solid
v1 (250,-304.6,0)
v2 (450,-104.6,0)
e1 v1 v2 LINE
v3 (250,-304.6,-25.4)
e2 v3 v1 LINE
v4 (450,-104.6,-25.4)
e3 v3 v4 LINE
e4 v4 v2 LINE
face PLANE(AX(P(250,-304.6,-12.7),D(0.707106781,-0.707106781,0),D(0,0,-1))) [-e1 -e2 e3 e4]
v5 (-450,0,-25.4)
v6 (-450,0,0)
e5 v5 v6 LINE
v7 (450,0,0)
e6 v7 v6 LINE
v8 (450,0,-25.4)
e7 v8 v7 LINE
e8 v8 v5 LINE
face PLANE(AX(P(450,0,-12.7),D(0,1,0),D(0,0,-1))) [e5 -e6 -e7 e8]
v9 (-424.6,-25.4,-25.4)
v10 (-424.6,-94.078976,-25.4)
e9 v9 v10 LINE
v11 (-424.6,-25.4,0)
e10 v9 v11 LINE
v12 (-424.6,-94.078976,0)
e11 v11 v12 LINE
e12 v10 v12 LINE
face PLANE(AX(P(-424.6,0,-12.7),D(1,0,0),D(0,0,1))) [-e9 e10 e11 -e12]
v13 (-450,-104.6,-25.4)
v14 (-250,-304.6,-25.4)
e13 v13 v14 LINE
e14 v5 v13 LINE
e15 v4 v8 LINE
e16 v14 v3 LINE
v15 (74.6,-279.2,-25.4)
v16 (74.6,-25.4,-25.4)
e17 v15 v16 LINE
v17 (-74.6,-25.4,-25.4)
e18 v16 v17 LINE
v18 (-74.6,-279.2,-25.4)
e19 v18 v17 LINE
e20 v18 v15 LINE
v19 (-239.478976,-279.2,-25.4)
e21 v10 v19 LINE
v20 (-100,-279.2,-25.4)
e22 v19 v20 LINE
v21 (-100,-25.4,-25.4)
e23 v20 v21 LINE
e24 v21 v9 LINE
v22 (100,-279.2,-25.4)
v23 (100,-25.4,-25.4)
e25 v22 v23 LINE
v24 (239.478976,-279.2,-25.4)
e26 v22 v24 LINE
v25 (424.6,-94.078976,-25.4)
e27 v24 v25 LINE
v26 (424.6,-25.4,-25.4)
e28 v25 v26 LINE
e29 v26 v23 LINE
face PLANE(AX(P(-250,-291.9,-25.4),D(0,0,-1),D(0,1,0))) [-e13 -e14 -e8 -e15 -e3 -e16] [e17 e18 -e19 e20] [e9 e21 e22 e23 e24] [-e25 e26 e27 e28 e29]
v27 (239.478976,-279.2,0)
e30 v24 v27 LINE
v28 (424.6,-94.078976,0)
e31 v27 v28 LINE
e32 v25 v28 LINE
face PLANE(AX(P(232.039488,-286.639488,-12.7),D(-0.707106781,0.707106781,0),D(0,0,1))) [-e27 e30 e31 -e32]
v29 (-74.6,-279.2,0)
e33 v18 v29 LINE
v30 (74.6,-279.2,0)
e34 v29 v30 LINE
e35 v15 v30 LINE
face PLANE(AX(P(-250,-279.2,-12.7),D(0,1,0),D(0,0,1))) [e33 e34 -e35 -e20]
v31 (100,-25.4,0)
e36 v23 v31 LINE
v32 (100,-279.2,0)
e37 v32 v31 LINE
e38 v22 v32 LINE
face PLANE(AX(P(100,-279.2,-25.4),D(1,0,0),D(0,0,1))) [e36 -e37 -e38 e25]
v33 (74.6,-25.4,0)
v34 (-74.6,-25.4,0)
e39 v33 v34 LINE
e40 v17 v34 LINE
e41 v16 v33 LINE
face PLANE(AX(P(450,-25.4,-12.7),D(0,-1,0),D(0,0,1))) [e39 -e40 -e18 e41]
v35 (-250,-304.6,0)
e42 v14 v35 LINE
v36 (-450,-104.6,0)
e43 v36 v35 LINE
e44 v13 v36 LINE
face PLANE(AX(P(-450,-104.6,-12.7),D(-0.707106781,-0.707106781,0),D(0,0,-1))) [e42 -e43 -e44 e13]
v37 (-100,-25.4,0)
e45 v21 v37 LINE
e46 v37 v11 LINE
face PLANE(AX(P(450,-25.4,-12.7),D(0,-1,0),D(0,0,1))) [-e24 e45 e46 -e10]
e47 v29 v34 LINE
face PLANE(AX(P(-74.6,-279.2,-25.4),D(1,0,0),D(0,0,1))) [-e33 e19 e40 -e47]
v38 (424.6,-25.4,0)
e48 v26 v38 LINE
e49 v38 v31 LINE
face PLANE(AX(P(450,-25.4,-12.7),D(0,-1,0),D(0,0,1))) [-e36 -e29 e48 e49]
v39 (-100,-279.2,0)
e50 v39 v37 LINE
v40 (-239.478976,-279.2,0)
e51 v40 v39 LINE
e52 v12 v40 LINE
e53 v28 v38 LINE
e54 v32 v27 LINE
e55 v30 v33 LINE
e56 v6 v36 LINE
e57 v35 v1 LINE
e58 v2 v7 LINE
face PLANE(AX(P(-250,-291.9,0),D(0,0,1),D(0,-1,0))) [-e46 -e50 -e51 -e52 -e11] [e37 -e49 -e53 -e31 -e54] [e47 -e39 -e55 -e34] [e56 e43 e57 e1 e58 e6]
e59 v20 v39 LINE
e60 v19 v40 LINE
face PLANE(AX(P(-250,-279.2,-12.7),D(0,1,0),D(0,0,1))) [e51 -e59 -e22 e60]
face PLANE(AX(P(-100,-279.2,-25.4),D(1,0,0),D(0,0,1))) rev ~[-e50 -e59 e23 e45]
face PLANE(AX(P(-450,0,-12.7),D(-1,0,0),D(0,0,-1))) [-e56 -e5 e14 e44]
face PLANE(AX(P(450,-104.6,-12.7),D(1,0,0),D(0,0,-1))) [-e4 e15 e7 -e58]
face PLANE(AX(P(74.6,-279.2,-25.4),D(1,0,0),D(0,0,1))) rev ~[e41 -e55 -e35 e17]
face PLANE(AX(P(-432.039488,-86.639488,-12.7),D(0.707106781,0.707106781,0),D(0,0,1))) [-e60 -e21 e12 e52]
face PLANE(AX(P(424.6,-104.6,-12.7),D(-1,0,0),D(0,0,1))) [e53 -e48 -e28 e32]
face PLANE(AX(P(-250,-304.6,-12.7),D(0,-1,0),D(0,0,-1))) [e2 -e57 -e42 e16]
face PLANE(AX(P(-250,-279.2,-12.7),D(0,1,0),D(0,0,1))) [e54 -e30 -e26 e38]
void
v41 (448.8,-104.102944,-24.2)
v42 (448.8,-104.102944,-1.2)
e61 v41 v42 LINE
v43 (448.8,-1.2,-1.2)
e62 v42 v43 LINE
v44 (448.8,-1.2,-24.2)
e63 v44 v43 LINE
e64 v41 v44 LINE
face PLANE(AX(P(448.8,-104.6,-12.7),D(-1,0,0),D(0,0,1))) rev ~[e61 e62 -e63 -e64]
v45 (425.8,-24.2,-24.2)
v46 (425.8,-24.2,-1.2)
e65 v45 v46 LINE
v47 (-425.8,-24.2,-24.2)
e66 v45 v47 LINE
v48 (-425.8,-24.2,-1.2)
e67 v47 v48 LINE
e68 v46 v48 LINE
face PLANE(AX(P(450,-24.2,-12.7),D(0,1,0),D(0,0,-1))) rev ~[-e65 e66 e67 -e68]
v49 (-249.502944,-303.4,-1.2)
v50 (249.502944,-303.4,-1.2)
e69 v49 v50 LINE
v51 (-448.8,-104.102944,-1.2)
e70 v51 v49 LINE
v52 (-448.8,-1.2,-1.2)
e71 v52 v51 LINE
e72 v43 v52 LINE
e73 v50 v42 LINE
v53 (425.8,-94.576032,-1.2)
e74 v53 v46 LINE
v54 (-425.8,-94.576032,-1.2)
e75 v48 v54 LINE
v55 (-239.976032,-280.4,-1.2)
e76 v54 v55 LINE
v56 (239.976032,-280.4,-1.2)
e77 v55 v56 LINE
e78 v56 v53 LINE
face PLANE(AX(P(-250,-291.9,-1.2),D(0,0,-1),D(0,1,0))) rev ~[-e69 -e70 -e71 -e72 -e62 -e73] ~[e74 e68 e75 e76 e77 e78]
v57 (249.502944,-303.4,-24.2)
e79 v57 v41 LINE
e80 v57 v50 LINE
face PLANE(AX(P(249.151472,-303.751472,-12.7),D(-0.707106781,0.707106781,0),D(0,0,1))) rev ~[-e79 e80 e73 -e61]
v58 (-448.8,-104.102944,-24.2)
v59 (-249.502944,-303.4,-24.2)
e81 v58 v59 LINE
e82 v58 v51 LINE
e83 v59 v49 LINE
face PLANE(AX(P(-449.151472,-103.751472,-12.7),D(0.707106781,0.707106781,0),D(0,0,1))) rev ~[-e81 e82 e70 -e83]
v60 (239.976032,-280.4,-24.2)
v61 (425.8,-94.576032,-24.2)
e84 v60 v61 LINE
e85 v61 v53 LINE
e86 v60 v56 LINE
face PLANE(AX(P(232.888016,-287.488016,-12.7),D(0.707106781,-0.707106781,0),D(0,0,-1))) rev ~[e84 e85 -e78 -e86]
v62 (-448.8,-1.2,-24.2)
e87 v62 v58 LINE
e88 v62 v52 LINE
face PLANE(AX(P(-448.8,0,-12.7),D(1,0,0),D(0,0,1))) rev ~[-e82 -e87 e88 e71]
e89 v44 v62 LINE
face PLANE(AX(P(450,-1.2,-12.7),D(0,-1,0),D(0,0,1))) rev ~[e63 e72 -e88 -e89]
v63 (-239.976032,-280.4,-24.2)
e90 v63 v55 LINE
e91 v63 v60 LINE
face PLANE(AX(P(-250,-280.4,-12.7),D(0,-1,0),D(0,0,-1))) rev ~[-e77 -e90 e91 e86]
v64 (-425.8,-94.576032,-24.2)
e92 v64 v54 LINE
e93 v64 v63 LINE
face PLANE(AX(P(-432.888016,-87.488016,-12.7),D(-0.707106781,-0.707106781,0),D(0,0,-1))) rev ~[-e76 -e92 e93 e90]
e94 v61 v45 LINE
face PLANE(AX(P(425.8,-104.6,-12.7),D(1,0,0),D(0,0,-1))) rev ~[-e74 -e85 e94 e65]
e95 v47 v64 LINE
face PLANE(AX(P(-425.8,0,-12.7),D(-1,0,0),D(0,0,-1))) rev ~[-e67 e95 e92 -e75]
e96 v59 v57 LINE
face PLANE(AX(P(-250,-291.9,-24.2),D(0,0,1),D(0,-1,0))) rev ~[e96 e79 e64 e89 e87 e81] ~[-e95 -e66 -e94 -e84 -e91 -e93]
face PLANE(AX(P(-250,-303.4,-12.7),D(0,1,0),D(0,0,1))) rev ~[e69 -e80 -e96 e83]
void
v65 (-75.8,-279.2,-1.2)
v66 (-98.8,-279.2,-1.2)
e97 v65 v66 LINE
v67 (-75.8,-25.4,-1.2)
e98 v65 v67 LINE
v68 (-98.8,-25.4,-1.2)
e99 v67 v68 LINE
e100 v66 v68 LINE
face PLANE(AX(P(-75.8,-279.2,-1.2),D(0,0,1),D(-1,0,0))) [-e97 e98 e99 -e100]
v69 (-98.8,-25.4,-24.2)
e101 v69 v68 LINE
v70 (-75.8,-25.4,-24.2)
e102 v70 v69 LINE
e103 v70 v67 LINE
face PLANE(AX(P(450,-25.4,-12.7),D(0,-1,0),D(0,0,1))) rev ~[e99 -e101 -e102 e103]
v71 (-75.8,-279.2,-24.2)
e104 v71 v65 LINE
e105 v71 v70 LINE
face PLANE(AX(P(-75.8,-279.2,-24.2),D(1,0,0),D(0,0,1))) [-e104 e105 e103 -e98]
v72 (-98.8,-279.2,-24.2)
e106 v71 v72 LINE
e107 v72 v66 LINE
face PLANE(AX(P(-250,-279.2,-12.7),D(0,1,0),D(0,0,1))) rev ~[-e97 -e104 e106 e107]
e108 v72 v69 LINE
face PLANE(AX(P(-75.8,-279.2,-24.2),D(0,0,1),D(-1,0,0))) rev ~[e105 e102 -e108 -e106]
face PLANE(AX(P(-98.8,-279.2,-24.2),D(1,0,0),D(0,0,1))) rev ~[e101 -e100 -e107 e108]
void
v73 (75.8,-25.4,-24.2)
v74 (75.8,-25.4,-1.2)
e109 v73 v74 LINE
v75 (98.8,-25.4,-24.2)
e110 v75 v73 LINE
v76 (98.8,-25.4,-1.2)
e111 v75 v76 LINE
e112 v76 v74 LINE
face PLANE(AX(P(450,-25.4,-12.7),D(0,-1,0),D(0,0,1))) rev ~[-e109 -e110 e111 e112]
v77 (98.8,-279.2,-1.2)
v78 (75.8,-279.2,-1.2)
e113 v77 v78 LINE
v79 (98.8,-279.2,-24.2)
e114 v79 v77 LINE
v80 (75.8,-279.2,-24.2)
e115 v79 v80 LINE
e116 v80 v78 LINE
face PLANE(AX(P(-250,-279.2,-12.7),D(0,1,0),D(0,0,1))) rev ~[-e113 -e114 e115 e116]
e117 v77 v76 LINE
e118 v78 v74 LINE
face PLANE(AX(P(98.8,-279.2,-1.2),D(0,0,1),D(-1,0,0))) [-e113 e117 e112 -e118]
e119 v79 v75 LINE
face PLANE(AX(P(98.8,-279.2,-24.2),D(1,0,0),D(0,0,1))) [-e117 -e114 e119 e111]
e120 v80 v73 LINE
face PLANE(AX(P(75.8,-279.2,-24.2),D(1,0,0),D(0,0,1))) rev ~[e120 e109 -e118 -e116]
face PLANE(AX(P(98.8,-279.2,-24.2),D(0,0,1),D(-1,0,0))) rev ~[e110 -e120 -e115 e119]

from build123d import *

# Parameters (mm, degrees)
SKETCH4_W           = 25.4
SKETCH4_H           = 25.4
SKETCH4_W_2         = 23
SKETCH4_H_2         = 23
SKETCH5_W           = 25.4
SKETCH5_H           = 25.4
SKETCH5_W_2         = 23
SKETCH5_H_2         = 23
BOSS_EXTRUDE2_DEPTH = 253.8


with BuildPart() as part:
    # Sweep1: sweep along a path in Sketch3
    with BuildLine(Plane.XY) as sweep1_path:
        Line((-250, -304.6), (250, -304.6))
        Line((250, -304.6), (450, -104.6))
        Line((450, -104.6), (450, 0))
        Line((450, 0), (-450, 0))
        Line((-450, 0), (-450, -104.6))
        Line((-450, -104.6), (-250, -304.6))
    # Sketch4 → Sweep1 (sweep)
    with BuildSketch(Plane(origin=(0, 0, 0), x_dir=(0, 0, -1), z_dir=(1, 0, 0))):
        with Locations((12.7, -291.9)):
            Rectangle(SKETCH4_W, SKETCH4_H)
        with Locations((12.7, -291.9)):
            Rectangle(SKETCH4_W_2, SKETCH4_H_2, mode=Mode.SUBTRACT)
    sweep(path=sweep1_path.line, transition=Transition.RIGHT)

    # Sketch5 → Boss-Extrude2 (add)
    with BuildSketch(Plane(origin=(-272.712994231, -279.2, 0), x_dir=(-1, 0, 0), z_dir=(0, 1, 0))):
        with Locations((-360.012994231, -12.7)):
            Rectangle(SKETCH5_W, SKETCH5_H)
        with Locations((-360.012994231, -12.7)):
            Rectangle(SKETCH5_W_2, SKETCH5_H_2, mode=Mode.SUBTRACT)
        with Locations((-185.412994231, -12.7)):
            Rectangle(SKETCH5_W, SKETCH5_H)
        with Locations((-185.412994231, -12.7)):
            Rectangle(SKETCH5_W_2, SKETCH5_H_2, mode=Mode.SUBTRACT)
    extrude(amount=BOSS_EXTRUDE2_DEPTH)


solid = part.part
